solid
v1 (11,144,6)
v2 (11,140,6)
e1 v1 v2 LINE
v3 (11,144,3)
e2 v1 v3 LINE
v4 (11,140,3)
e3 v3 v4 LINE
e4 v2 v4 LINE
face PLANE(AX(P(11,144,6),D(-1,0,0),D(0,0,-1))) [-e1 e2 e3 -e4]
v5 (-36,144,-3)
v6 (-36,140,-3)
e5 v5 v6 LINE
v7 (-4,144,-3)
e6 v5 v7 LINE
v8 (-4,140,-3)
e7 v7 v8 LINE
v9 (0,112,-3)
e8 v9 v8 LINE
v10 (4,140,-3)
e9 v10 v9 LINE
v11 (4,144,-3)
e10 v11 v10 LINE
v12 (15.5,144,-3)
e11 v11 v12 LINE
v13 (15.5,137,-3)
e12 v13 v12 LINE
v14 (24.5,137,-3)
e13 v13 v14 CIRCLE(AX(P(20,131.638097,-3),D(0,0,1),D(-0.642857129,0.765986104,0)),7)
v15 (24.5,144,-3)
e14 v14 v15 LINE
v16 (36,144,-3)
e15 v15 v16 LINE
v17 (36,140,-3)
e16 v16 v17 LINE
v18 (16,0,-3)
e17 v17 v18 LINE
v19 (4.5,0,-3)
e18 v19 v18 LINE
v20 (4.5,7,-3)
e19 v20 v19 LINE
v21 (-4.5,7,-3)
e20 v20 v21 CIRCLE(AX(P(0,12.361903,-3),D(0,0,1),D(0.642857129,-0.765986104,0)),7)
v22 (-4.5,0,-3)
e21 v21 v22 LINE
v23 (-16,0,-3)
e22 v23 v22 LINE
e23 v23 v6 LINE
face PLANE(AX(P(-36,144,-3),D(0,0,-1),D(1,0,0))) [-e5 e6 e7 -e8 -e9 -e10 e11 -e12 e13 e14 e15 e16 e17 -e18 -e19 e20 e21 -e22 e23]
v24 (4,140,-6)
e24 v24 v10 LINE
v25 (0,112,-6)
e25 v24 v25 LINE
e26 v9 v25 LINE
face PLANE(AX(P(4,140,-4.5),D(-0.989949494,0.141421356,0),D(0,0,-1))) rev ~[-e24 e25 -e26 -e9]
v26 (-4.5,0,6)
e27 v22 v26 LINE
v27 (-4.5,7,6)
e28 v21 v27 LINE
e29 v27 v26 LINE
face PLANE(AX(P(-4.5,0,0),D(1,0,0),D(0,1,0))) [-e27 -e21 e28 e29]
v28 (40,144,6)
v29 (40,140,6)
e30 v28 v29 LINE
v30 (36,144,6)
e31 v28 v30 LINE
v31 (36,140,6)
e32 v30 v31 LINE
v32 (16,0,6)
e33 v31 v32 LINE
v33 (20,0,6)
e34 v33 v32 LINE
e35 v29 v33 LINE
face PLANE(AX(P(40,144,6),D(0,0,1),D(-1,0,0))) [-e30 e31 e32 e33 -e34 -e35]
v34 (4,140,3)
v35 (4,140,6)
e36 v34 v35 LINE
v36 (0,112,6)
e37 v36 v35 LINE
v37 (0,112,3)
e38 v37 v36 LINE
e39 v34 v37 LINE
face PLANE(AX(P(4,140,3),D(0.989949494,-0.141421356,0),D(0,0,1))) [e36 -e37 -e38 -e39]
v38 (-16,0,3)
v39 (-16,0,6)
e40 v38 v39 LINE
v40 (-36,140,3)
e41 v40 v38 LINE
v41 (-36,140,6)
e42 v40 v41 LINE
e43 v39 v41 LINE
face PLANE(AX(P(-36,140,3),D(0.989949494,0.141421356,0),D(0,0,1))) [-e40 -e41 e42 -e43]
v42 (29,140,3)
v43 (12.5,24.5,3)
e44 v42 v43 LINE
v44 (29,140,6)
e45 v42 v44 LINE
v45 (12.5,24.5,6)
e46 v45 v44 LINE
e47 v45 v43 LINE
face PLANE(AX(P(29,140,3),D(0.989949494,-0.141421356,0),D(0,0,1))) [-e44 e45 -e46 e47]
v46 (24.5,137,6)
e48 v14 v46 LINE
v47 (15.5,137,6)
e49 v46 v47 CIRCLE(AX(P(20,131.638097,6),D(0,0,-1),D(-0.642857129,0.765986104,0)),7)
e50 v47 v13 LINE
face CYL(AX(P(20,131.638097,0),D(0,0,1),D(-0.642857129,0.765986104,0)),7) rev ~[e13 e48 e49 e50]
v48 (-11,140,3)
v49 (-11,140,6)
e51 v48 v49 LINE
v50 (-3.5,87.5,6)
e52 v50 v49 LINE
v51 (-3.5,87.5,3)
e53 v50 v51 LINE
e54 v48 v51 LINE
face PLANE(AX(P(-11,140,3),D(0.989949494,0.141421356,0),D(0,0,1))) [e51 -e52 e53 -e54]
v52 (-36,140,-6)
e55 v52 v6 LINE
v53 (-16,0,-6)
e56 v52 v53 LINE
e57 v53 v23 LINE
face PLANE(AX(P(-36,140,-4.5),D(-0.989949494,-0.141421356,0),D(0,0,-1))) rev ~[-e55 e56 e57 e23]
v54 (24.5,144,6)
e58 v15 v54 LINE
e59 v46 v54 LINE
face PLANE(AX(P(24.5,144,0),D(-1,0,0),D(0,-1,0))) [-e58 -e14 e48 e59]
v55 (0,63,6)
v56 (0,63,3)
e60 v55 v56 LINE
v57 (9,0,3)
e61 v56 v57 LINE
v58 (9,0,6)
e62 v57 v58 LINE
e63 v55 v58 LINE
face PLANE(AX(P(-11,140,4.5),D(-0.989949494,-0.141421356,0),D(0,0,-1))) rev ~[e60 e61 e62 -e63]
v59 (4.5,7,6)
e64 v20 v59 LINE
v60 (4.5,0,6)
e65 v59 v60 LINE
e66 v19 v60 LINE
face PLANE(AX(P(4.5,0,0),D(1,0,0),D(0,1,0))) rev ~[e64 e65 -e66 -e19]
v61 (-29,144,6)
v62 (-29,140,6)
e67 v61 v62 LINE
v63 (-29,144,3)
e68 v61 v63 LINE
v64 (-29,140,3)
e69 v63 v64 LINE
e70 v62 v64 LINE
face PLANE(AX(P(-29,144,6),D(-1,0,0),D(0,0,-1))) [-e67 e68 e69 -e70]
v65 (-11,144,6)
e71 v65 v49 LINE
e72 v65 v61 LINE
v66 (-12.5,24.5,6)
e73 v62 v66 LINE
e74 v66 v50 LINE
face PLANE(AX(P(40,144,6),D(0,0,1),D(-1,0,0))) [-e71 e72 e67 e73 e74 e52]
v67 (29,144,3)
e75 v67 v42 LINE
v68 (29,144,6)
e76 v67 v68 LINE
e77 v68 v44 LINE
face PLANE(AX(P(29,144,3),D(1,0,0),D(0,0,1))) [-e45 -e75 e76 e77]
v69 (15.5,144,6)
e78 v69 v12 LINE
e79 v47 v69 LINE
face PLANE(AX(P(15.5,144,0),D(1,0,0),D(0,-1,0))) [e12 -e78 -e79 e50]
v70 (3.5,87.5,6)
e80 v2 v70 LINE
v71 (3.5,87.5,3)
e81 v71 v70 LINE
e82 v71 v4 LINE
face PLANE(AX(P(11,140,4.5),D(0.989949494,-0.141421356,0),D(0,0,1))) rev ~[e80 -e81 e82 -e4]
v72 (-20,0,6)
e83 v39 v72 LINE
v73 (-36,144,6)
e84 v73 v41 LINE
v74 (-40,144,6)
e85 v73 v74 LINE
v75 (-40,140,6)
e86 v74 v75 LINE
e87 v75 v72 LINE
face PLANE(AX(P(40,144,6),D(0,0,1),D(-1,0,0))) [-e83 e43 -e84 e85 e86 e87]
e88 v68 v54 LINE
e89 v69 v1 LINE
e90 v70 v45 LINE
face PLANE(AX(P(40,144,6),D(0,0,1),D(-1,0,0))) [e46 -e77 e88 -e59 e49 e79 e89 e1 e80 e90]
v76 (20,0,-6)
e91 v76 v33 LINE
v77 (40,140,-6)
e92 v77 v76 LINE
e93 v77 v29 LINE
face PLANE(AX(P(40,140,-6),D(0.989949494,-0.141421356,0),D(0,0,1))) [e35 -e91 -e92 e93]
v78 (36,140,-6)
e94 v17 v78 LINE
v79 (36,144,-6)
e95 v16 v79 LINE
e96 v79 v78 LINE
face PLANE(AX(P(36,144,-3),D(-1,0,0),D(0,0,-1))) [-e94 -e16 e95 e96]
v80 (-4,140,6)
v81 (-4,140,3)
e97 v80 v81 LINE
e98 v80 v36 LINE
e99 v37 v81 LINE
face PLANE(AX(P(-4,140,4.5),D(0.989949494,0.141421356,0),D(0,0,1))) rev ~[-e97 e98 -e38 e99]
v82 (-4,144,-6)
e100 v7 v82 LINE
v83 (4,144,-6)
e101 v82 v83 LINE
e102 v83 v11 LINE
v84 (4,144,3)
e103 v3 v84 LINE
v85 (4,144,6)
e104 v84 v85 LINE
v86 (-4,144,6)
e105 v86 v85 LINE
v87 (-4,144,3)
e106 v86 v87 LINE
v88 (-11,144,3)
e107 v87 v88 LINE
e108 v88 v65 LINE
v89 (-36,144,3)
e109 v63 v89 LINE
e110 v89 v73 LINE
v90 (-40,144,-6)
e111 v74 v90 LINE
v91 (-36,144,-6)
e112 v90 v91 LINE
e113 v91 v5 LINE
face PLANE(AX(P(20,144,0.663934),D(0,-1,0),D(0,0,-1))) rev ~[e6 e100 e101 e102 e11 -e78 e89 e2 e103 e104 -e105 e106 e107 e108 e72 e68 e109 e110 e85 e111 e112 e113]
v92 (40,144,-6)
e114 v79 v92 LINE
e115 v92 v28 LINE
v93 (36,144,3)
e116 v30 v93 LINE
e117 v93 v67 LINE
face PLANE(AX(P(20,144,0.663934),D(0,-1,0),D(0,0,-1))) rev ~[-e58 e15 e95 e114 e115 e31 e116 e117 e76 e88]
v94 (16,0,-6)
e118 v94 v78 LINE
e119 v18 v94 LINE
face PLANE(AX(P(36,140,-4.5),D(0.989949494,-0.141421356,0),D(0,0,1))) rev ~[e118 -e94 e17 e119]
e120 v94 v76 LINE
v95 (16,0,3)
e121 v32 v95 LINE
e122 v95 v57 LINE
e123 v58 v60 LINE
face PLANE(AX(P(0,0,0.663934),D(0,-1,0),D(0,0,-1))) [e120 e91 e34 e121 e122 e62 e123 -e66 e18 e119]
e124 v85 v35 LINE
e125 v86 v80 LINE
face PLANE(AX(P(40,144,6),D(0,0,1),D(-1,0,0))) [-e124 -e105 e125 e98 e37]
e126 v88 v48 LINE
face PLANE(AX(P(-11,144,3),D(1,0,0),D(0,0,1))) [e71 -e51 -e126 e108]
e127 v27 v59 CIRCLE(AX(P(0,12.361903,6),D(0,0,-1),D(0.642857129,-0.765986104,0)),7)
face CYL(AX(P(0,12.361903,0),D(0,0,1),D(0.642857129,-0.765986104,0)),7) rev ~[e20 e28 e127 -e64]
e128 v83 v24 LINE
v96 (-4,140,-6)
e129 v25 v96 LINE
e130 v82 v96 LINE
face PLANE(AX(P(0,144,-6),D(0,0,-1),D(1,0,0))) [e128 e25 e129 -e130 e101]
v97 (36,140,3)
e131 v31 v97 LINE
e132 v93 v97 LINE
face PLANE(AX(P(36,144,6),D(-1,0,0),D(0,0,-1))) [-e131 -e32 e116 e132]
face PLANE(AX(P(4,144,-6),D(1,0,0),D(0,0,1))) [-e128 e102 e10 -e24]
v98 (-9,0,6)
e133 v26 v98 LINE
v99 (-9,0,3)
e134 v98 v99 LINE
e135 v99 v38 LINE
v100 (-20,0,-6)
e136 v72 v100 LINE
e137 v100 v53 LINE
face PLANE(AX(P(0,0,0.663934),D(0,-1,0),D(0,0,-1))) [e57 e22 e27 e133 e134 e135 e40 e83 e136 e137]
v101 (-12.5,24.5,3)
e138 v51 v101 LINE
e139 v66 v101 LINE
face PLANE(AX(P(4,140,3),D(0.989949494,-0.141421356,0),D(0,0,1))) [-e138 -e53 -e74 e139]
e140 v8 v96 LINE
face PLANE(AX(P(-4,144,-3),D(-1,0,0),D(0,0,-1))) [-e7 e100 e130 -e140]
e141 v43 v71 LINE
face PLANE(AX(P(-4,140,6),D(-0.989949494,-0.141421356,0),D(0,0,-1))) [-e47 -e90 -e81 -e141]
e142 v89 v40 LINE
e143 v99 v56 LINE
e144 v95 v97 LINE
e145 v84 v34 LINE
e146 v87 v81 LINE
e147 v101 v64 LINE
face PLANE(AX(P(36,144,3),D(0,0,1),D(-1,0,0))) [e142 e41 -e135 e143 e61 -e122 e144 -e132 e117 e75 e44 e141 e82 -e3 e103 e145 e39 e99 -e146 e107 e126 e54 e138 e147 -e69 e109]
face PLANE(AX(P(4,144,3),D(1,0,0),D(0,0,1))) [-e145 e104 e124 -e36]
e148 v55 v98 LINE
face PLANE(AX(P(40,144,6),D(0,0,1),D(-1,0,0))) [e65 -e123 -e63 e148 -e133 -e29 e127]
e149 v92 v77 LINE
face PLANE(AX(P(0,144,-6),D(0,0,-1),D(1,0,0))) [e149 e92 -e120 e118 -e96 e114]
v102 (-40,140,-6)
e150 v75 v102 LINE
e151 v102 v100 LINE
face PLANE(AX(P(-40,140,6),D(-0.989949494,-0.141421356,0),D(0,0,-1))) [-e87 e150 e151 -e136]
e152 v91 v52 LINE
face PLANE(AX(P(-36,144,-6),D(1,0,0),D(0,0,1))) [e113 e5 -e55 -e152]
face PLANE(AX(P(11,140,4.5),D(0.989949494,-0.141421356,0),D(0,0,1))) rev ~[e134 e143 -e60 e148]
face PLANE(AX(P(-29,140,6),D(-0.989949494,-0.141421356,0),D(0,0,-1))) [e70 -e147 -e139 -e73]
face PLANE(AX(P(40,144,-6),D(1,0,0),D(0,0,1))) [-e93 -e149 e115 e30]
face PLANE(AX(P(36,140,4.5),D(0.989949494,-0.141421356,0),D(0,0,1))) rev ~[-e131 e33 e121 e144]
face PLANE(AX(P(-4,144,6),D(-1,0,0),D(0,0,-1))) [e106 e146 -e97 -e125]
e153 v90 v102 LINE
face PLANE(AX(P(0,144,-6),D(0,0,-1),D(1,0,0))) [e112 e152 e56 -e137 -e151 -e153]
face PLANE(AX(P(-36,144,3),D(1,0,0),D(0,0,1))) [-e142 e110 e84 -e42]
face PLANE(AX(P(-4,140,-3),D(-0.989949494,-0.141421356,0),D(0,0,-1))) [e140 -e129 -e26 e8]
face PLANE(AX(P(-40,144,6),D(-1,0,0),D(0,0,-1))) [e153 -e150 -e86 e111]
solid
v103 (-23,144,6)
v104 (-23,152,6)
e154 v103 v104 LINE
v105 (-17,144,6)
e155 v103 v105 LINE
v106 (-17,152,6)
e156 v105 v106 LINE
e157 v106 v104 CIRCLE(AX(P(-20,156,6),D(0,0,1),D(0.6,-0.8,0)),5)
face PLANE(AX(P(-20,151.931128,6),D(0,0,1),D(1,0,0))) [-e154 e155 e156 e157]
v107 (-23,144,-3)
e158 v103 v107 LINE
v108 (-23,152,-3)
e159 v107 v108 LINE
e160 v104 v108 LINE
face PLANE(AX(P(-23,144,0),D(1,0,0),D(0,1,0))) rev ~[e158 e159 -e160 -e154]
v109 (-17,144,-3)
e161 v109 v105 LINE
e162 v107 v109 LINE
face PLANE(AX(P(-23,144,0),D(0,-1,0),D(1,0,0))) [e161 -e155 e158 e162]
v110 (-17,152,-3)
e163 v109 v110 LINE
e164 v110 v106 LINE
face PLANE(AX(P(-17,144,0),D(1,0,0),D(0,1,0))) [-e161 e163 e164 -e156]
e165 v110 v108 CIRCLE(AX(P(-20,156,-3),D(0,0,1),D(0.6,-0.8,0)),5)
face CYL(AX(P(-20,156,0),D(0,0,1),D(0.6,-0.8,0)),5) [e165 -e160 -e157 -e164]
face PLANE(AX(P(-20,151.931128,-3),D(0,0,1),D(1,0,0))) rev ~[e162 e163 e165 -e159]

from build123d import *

# Parameters (mm, degrees)
SKETCH004_W          = 32
SKETCH004_H          = 3
SKETCH005_W          = 7
SKETCH005_H          = 3
SKETCH006_W          = 7
SKETCH006_H          = 3
POCKET_DEPTH         = 6.001
POCKET_DEPTH_BACK    = -6.001
POCKET001_DEPTH      = 6.001
POCKET001_DEPTH_BACK = -6.001
PAD001_DEPTH         = 6
PAD001_DEPTH_BACK    = 3


with BuildPart() as body:
    # AdditivePipe: sweep along a path in Sketch
    with BuildLine(Plane.XY) as additivepipe_path:
        Line((-20, 144), (-20, 140))
        Line((-20, 140), (0, 0))
    # Sketch002 → AdditivePipe (sweep)
    with BuildSketch(Plane.XZ):
        Polygon((-20, 6), (-20, -6), (-16, -6), (-16, -3), (-9, -3), (9, -3), (16, -3), (16, -6), (20, -6), (20, 6), (16, 6), (16, 3), (9, 3), (9, 6), (-9, 6), (-9, 3), (-16, 3), (-16, 6), align=None)
    sweep(path=additivepipe_path.line)

    # AdditivePipe001: sweep along a path in Sketch001
    with BuildLine(Plane.XY) as additivepipe001_path:
        Line((20, 144), (20, 140))
        Line((20, 140), (0, 0))
    # Sketch002 → AdditivePipe001 (sweep)
    with BuildSketch(Plane.XZ):
        Polygon((-20, 6), (-20, -6), (-16, -6), (-16, -3), (-9, -3), (9, -3), (16, -3), (16, -6), (20, -6), (20, 6), (16, 6), (16, 3), (9, 3), (9, 6), (-9, 6), (-9, 3), (-16, 3), (-16, 6), align=None)
    sweep(path=additivepipe001_path.line)

    # SubtractivePipe: sweep along a path in Sketch
    with BuildLine(Plane.XY) as subtractivepipe_path:
        Line((-20, 144), (-20, 140))
        Line((-20, 140), (0, 0))
    # Sketch004 → SubtractivePipe (sweep, cut)
    with BuildSketch(Plane.XZ):
        with Locations((0, -4.5)):
            Rectangle(SKETCH004_W, SKETCH004_H)
    sweep(path=subtractivepipe_path.line, mode=Mode.SUBTRACT)

    # SubtractivePipe001: sweep along a path in Sketch001
    with BuildLine(Plane.XY) as subtractivepipe001_path:
        Line((20, 144), (20, 140))
        Line((20, 140), (0, 0))
    # Sketch004 → SubtractivePipe001 (sweep, cut)
    with BuildSketch(Plane.XZ):
        with Locations((0, -4.5)):
            Rectangle(SKETCH004_W, SKETCH004_H)
    sweep(path=subtractivepipe001_path.line, mode=Mode.SUBTRACT)

    # SubtractivePipe002: sweep along a path in Sketch
    with BuildLine(Plane.XY) as subtractivepipe002_path:
        Line((-20, 144), (-20, 140))
        Line((-20, 140), (0, 0))
    # Sketch005 → SubtractivePipe002 (sweep, cut)
    with BuildSketch(Plane.XZ):
        with Locations((-12.5, 4.5)):
            Rectangle(SKETCH005_W, SKETCH005_H)
    sweep(path=subtractivepipe002_path.line, mode=Mode.SUBTRACT)

    # SubtractivePipe003: sweep along a path in Sketch001
    with BuildLine(Plane.XY) as subtractivepipe003_path:
        Line((20, 144), (20, 140))
        Line((20, 140), (0, 0))
    # Sketch005 → SubtractivePipe003 (sweep, cut)
    with BuildSketch(Plane.XZ):
        with Locations((-12.5, 4.5)):
            Rectangle(SKETCH005_W, SKETCH005_H)
    sweep(path=subtractivepipe003_path.line, mode=Mode.SUBTRACT)

    # SubtractivePipe004: sweep along a path in Sketch
    with BuildLine(Plane.XY) as subtractivepipe004_path:
        Line((-20, 144), (-20, 140))
        Line((-20, 140), (0, 0))
    # Sketch006 → SubtractivePipe004 (sweep, cut)
    with BuildSketch(Plane.XZ):
        with Locations((12.5, 4.5)):
            Rectangle(SKETCH006_W, SKETCH006_H)
    sweep(path=subtractivepipe004_path.line, mode=Mode.SUBTRACT)

    # SubtractivePipe005: sweep along a path in Sketch001
    with BuildLine(Plane.XY) as subtractivepipe005_path:
        Line((20, 144), (20, 140))
        Line((20, 140), (0, 0))
    # Sketch006 → SubtractivePipe005 (sweep, cut)
    with BuildSketch(Plane.XZ):
        with Locations((12.5, 4.5)):
            Rectangle(SKETCH006_W, SKETCH006_H)
    sweep(path=subtractivepipe005_path.line, mode=Mode.SUBTRACT)

    # Sketch003 → Pocket (cut, two sides)
    with BuildSketch(Plane.XY) as pocket_sk:
        with BuildLine():
            Line((-4.5, 0), (4.5, 0))
            Line((4.5, 0), (4.5, 7))
            ThreePointArc((4.5, 7), (0, 19.361903), (-4.5, 7))
            Line((-4.5, 0), (-4.5, 7))
        make_face()
    extrude(amount=-POCKET_DEPTH, mode=Mode.SUBTRACT)
    extrude(pocket_sk.sketch, amount=-POCKET_DEPTH_BACK, mode=Mode.SUBTRACT)

    # Sketch008 → Pocket001 (cut, two sides)
    with BuildSketch(Plane.XY) as pocket001_sk:
        with BuildLine():
            Line((15.5, 144), (24.5, 144))
            Line((24.5, 144), (24.5, 137))
            ThreePointArc((15.5, 137), (20, 124.638097), (24.5, 137))
            Line((15.5, 144), (15.5, 137))
        make_face()
    extrude(amount=-POCKET001_DEPTH, mode=Mode.SUBTRACT)
    extrude(pocket001_sk.sketch, amount=-POCKET001_DEPTH_BACK, mode=Mode.SUBTRACT)


with BuildPart() as male2:
    # Sketch010 → Pad001 (new body, two sides)
    with BuildSketch(Plane.XY) as pad001_sk:
        with BuildLine():
            Line((-23, 144), (-17, 144))
            Line((-17, 144), (-17, 152))
            ThreePointArc((-17, 152), (-20, 161), (-23, 152))
            Line((-23, 144), (-23, 152))
        make_face()
    extrude(amount=PAD001_DEPTH)
    extrude(pad001_sk.sketch, amount=-PAD001_DEPTH_BACK)


solid = Compound([body.part, male2.part])
